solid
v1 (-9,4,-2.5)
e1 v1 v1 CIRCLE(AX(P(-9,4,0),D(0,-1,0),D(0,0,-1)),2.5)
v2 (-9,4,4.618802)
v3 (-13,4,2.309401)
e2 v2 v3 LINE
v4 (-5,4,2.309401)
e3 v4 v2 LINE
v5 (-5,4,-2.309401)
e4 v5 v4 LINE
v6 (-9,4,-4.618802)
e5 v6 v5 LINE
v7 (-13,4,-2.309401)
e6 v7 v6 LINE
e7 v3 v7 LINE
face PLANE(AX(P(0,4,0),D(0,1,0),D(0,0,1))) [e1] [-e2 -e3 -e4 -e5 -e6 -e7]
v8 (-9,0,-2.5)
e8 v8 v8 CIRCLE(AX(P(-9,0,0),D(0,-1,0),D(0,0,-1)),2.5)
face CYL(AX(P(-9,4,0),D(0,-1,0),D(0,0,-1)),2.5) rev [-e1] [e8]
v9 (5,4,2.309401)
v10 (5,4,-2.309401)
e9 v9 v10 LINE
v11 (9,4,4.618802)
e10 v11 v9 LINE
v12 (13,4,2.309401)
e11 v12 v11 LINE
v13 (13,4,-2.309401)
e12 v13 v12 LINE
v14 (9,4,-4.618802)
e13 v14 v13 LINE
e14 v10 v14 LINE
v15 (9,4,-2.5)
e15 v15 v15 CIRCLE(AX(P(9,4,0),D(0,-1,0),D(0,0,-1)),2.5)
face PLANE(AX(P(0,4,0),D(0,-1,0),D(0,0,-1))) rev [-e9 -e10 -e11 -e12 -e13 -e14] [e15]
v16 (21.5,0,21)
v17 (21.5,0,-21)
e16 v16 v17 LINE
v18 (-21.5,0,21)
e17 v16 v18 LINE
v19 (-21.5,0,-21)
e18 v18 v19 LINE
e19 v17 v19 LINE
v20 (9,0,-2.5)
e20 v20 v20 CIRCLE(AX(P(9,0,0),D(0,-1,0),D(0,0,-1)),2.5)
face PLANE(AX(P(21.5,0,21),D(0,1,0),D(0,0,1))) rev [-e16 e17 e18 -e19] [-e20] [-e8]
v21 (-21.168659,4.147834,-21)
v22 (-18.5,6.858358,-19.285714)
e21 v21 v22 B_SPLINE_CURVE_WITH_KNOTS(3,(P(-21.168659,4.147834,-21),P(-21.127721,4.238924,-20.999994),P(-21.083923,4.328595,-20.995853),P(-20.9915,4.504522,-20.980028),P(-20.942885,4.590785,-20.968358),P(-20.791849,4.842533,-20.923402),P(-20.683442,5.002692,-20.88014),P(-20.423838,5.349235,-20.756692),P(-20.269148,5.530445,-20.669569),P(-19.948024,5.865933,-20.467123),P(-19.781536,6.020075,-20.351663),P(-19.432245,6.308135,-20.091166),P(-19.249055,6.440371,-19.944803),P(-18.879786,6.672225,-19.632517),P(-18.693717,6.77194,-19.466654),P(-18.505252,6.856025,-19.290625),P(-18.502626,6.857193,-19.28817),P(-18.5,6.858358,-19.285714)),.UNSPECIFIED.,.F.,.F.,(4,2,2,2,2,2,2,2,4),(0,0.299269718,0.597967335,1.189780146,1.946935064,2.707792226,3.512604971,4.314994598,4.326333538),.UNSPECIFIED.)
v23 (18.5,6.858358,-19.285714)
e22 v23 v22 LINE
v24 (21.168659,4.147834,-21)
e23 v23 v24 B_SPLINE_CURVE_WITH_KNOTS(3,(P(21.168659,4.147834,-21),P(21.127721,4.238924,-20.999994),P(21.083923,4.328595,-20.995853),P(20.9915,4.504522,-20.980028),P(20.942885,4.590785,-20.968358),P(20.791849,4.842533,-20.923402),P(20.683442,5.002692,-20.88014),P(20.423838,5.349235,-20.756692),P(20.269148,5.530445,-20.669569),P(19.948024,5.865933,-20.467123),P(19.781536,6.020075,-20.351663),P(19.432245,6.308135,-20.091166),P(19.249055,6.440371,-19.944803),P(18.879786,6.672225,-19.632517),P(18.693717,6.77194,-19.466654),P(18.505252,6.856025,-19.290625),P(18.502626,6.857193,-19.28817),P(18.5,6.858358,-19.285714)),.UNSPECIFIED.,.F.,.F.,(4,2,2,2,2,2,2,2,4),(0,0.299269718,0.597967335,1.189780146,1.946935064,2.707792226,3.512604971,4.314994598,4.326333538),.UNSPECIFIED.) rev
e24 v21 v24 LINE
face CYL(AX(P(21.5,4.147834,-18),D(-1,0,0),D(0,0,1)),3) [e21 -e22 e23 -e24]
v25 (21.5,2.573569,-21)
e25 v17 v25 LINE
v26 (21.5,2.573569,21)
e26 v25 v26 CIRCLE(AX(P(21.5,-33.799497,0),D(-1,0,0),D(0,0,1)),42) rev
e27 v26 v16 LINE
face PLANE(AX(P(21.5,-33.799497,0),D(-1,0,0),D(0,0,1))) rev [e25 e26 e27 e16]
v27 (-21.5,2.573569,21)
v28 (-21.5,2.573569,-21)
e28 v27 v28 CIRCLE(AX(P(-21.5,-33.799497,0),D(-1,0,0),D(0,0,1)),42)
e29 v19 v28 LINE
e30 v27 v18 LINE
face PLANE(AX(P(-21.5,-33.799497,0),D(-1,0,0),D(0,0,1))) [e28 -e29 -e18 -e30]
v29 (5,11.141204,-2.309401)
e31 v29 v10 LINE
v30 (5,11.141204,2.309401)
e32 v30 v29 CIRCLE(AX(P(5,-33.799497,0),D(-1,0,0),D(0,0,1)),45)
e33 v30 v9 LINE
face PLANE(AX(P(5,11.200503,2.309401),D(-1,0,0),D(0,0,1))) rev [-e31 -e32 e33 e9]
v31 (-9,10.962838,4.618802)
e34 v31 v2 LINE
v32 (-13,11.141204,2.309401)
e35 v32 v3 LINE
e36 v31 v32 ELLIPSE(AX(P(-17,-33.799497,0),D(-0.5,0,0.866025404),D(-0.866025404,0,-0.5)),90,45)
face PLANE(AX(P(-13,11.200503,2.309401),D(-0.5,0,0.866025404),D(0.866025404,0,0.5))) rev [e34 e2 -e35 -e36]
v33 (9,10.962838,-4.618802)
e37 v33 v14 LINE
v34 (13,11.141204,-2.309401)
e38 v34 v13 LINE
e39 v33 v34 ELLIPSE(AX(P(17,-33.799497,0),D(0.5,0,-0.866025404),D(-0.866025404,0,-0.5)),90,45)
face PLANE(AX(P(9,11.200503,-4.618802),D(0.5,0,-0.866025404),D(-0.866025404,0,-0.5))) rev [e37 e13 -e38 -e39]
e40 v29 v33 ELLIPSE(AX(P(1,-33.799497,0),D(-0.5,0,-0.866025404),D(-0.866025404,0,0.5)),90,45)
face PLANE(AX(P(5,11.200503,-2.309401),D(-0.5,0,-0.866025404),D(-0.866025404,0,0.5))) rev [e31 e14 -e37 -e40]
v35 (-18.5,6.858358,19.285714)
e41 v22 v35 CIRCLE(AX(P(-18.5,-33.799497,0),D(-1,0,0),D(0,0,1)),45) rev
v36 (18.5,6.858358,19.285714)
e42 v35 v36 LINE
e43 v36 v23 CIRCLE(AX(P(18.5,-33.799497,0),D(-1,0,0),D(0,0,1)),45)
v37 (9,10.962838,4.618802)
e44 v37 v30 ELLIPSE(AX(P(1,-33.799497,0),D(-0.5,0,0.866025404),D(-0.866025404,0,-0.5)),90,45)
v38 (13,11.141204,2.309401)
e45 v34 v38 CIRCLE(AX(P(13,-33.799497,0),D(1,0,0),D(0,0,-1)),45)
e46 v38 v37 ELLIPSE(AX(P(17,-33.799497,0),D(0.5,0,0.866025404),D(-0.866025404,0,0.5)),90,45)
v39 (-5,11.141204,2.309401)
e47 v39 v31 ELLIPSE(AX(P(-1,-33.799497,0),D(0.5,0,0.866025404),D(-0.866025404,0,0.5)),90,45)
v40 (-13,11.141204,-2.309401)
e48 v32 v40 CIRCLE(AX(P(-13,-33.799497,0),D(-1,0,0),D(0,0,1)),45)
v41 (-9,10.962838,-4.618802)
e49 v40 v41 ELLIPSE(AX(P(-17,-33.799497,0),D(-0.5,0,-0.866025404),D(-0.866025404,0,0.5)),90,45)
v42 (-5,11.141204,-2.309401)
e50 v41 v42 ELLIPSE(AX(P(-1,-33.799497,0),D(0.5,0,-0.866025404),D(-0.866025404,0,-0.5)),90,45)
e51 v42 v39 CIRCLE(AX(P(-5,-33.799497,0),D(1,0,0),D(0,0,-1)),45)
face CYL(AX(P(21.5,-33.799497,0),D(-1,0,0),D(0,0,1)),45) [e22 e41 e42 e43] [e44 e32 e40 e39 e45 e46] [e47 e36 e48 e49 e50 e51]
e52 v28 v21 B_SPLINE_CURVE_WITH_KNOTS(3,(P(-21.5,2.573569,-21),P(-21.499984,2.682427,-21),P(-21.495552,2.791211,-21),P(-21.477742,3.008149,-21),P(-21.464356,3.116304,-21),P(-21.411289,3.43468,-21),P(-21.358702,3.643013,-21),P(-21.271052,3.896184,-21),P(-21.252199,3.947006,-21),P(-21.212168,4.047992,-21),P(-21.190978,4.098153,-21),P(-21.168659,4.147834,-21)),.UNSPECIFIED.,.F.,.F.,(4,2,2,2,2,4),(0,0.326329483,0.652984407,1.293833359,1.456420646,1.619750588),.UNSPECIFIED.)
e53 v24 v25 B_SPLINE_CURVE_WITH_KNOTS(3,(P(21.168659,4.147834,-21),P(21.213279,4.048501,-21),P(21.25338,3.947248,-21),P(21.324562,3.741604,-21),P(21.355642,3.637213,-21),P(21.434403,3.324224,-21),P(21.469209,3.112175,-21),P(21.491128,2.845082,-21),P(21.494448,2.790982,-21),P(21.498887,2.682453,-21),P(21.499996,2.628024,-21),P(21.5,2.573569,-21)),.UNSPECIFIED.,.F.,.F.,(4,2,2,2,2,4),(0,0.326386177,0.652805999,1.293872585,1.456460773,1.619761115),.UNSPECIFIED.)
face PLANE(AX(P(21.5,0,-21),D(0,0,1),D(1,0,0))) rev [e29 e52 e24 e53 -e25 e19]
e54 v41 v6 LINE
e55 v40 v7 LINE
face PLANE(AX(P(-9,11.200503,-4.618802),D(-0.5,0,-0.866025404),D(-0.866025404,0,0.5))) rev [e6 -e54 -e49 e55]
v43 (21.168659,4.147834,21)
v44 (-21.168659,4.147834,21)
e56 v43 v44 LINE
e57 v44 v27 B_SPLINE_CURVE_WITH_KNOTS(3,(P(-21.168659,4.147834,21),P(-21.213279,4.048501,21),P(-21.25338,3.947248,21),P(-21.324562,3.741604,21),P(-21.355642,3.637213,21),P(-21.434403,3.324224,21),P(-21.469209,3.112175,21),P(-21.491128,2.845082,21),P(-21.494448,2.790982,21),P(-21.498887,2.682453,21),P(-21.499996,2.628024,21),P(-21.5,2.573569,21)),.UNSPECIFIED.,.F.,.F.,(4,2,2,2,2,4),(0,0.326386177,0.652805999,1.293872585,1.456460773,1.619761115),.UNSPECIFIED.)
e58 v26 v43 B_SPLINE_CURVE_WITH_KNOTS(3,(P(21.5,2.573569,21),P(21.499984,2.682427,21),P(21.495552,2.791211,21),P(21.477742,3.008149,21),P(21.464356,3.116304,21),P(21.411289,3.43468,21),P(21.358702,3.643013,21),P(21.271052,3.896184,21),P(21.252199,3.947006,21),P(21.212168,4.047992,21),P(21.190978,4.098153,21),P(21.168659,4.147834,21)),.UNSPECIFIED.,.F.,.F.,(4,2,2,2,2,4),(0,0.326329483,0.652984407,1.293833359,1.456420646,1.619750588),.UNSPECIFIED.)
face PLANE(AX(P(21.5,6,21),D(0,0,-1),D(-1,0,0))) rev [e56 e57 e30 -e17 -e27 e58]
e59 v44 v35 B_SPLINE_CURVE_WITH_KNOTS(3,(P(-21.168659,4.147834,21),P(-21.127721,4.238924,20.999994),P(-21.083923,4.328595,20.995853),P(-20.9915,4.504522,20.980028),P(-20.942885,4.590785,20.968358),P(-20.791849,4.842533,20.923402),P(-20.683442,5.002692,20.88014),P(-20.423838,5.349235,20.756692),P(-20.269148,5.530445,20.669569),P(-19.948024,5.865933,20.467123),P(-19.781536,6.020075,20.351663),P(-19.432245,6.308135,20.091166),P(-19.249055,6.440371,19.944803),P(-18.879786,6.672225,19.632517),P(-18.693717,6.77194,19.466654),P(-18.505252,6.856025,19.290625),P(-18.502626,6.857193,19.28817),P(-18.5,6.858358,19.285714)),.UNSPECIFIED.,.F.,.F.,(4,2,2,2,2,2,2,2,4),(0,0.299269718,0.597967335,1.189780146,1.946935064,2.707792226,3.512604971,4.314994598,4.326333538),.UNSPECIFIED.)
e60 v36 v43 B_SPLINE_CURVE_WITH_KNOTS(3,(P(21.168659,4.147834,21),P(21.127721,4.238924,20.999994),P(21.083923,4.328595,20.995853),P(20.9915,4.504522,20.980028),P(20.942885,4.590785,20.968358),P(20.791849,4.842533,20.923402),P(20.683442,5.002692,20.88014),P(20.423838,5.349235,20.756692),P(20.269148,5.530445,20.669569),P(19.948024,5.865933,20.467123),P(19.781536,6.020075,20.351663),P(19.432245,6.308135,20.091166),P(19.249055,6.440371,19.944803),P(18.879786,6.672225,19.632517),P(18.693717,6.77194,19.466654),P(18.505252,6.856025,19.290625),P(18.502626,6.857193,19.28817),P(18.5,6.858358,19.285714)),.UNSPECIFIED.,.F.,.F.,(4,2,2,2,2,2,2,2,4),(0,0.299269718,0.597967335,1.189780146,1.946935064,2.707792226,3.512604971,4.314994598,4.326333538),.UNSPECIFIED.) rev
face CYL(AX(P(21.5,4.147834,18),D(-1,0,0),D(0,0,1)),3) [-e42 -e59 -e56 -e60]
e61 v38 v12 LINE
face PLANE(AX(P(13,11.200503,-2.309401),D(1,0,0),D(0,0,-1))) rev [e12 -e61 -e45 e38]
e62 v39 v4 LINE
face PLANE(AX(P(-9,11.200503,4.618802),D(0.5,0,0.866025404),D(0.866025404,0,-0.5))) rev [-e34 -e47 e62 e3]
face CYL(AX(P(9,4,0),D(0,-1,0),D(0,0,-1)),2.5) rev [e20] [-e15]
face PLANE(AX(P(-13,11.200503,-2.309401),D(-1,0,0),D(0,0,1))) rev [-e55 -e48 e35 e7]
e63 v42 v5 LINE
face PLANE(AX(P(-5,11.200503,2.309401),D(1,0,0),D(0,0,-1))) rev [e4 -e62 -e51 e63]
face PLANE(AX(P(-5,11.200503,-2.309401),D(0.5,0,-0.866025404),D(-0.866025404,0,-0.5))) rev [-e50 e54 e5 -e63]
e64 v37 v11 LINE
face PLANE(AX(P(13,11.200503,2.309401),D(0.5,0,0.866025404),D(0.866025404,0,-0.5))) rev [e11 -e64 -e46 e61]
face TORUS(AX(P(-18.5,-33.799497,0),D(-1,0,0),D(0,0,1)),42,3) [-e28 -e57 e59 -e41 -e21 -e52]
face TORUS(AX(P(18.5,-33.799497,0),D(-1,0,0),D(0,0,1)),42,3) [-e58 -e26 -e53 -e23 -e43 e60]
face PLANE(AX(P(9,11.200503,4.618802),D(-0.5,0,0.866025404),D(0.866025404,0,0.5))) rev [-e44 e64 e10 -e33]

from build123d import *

# Parameters (mm, degrees)
BOSS_EXTRUDE1_DEPTH = 21.5
FILLET1_R           = 3
CUT_EXTRUDE1_START  = -4
CUT_EXTRUDE1_DEPTH  = 29.073373183
SKETCH4_R           = 2.5
CUT_EXTRUDE2_DEPTH  = 4


with BuildPart() as part:
    # Sketch2 → Boss-Extrude1 (new, symmetric)
    with BuildSketch(Plane(origin=(0, 0, 0), x_dir=(0, 0, -1), z_dir=(1, 0, 0))):
        with BuildLine():
            Line((-21, 6), (-21, 0))
            Line((-21, 0), (21, 0))
            Line((21, 0), (21, 6))
            ThreePointArc((21, 6), (0, 11.200502516), (-21, 6))
        make_face()
    extrude(amount=BOSS_EXTRUDE1_DEPTH, both=True)

    # Fillet1
    fillet1_edges = [part.edges().sort_by_distance(p)[0] for p in [
        (21.5, 11.200502516, 0),
        (-21.5, 11.200502516, 0),
        (0, 6, -21),
        (0, 6, 21),
    ]]
    fillet(fillet1_edges, radius=FILLET1_R)

    # Sketch3 → Cut-Extrude1 (cut, through all)
    with BuildSketch(Plane.XZ.offset(CUT_EXTRUDE1_START)):
        Polygon((5, 2.309401077), (5, -2.309401077), (9, -4.618802154), (13, -2.309401077), (13, 2.309401077), (9, 4.618802154), align=None)
        Polygon((-9, 4.618802154), (-5, 2.309401077), (-5, -2.309401077), (-9, -4.618802154), (-13, -2.309401077), (-13, 2.309401077), align=None)
    extrude(amount=-CUT_EXTRUDE1_DEPTH, mode=Mode.SUBTRACT)

    # Sketch4 → Cut-Extrude2 (cut)
    with BuildSketch(Plane.XZ):
        with Locations(Location((9, 0, 0), (0, 0, 270))):
            Circle(SKETCH4_R)
        with Locations(Location((-9, 0, 0), (0, 0, 270))):
            Circle(SKETCH4_R)
    extrude(amount=-CUT_EXTRUDE2_DEPTH, mode=Mode.SUBTRACT)


solid = part.part
